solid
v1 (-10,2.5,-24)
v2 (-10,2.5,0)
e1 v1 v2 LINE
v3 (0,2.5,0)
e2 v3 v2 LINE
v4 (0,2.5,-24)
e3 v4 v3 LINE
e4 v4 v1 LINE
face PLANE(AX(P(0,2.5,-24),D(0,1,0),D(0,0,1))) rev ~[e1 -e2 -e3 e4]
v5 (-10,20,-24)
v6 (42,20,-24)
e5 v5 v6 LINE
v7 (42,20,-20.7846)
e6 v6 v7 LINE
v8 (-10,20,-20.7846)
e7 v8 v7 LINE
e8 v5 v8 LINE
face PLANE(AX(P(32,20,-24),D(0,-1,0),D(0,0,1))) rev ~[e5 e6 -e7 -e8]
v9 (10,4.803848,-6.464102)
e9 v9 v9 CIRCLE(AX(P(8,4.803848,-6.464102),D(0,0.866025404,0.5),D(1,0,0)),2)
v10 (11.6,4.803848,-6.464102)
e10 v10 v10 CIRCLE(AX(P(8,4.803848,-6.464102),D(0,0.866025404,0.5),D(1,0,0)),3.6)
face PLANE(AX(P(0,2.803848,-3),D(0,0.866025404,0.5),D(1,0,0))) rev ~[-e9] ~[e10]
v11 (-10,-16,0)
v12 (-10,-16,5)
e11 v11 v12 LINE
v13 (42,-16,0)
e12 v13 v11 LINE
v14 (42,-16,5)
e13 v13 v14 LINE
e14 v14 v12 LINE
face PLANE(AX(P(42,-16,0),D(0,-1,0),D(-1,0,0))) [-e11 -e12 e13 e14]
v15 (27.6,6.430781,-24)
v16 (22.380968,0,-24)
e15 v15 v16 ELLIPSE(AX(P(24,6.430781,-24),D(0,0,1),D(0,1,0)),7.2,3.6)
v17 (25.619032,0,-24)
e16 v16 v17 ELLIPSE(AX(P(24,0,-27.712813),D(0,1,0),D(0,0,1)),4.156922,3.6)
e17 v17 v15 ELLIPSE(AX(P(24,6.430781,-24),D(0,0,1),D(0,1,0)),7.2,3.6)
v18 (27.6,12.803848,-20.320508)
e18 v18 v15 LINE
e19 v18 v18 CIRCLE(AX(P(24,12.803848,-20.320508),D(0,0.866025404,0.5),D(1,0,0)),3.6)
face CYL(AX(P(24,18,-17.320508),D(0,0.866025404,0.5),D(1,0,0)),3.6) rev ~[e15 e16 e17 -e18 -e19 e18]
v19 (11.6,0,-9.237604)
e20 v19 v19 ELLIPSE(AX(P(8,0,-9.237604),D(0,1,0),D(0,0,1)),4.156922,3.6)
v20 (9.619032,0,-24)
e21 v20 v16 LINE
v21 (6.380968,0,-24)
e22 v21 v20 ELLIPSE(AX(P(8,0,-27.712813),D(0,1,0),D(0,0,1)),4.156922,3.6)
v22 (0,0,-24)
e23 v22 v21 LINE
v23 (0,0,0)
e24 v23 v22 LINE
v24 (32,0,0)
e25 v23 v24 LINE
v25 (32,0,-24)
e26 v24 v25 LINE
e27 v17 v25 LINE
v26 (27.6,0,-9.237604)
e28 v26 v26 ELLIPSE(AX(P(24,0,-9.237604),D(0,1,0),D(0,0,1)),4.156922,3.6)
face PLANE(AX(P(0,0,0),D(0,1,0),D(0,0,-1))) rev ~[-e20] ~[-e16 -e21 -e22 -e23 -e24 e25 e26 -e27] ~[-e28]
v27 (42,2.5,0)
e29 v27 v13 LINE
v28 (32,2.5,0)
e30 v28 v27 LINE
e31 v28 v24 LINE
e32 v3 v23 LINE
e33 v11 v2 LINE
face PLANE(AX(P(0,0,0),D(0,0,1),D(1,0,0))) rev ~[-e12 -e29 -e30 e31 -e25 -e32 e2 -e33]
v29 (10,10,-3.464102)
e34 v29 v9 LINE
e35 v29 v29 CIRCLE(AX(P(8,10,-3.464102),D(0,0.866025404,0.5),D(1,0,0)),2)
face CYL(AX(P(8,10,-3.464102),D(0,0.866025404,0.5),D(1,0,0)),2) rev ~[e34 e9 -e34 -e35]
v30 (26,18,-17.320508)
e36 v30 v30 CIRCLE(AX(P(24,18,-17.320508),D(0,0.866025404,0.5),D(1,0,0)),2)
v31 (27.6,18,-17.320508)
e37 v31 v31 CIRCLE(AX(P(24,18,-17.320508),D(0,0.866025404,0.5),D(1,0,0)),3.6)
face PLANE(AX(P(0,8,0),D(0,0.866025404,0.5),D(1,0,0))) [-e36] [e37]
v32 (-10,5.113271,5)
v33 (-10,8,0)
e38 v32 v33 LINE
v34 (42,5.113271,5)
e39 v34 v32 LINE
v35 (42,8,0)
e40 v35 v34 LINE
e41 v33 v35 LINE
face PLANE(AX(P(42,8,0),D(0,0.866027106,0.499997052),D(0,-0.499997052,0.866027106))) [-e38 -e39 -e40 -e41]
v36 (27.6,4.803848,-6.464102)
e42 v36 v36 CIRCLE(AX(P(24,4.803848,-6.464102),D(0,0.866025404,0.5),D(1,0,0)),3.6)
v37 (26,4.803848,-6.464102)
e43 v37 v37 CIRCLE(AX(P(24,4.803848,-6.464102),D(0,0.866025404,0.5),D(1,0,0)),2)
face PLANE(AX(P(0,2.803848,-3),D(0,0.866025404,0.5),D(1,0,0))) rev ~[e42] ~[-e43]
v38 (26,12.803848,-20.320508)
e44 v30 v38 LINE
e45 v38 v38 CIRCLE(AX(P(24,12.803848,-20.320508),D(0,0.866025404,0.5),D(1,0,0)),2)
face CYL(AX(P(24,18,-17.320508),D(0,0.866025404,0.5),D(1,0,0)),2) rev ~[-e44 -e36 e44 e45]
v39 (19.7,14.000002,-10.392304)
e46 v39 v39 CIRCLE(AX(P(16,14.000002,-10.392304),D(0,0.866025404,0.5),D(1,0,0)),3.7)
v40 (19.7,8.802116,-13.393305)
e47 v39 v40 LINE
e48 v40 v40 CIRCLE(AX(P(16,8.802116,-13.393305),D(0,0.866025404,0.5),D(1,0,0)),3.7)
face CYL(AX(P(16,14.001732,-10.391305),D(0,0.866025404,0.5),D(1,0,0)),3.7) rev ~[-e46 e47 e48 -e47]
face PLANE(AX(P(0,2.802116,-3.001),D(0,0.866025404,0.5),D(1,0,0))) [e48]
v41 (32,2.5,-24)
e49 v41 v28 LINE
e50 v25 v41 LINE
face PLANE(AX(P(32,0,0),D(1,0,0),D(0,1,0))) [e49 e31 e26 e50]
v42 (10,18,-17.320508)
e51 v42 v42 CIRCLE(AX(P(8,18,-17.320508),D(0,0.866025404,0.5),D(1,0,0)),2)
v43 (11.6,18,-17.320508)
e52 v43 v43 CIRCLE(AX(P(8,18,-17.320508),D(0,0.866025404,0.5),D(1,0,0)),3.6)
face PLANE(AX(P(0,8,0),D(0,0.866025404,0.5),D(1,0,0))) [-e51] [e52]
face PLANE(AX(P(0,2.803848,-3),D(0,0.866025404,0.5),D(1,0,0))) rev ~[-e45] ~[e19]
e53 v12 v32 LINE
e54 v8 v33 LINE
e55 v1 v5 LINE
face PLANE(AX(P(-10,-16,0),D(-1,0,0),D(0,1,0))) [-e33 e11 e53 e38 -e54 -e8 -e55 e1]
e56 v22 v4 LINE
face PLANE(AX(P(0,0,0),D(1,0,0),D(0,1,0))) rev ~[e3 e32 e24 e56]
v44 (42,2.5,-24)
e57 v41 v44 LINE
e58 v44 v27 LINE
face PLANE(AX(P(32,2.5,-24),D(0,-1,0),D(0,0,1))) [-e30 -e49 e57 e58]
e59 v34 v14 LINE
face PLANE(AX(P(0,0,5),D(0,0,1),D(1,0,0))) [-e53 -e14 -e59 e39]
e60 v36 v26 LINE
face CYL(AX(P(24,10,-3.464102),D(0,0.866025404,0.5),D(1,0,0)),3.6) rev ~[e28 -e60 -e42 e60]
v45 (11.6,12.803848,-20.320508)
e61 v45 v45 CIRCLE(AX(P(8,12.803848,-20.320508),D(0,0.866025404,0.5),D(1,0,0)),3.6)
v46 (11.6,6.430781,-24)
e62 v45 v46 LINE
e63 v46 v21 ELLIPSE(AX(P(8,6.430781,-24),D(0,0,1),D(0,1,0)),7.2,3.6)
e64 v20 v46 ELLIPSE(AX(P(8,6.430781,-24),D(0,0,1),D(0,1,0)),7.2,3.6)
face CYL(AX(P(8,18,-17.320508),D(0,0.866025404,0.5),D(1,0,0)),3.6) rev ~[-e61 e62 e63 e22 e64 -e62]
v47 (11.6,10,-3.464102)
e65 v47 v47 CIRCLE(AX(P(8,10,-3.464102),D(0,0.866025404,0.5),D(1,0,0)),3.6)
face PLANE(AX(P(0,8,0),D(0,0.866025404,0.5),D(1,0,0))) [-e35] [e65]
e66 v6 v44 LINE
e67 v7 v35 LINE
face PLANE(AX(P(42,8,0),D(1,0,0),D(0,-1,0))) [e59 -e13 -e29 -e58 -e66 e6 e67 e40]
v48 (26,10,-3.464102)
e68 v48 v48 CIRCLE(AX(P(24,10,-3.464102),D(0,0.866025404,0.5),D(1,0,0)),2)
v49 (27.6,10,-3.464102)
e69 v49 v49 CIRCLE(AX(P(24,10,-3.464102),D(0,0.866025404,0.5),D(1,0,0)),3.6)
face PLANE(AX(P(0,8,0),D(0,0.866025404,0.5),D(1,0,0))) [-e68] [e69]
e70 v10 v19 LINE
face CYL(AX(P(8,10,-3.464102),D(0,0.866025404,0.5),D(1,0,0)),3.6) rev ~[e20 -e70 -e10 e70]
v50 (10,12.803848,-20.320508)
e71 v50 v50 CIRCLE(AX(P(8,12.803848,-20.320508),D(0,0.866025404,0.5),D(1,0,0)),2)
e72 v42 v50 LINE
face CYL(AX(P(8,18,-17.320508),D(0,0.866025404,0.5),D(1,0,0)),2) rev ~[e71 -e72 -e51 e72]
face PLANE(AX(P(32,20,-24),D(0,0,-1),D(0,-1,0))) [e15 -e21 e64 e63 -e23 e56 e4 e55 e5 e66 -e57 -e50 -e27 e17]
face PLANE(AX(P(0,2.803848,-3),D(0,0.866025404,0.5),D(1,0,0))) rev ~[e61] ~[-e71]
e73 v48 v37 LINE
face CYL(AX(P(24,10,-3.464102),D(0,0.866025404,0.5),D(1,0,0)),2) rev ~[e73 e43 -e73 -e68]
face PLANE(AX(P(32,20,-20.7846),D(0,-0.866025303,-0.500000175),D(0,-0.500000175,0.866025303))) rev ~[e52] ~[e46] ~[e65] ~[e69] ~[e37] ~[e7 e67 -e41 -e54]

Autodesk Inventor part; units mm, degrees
ref_plane "YZ Plane" through (0, 0, 0) normal (1, 0, 0) x (0, 1, 0)
ref_plane "XZ Plane" through (0, 0, 0) normal (0, 1, 0) x (-1, 0, 0)
ref_plane "XY Plane" through (0, 0, 0) normal (0, 0, 1) x (1, 0, 0)
sketch "Sketch1" plane through (0, 0, 0) normal (1, 0, 0) x (0, 1, 0)
  line L0 (0, 0) -> (0, -24)
  line L1 (0, -24) -> (20, -24)
  line L2 (20, -24) -> (20, -20.7846)
  line L3 (20, -20.7846) -> (8, 0)
  line L4 (8, 0) -> (0, 0)
  dimension "d0" = 120
  dimension "d1" = 24
  dimension "d2" = 8
  dimension "d3" = 20
extrude "Extrusion1" add sketch "Sketch1" along normal blind 32
sketch "Sketch3" plane through (0, 8, 0) normal (0, 0.866, 0.5) x (1, 0, 0)
  circle A0 centre (8, 20) radius 3.6
  circle A1 centre (24, 20) radius 3.6
  circle A2 centre (24, 4) radius 3.6
  circle A3 centre (8, 4) radius 3.6
  line L0 (0, 0) -> (32, 0) projected
  line L1 (32, 24) -> (32, 0) projected
  line L2 (0, 24) -> (32, 24) projected
  circle A4 centre (16, 12) radius 3.7
  point P0 (0, -4)
  dimension "d17" = 7.2
  dimension "d18" = 7.2
  dimension "d19" = 7.2
  dimension "d20" = 7.2
  dimension "d21" = 16
  dimension "d22" = 16
  dimension "d23" = 16
  dimension "d25" = 8
  dimension "d26" = 4
  dimension "d29" = 7.4
  dimension "d30" = 8
  dimension "d31" = 8
extrude "Extrusion2" cut sketch "Sketch3" against normal through all contours A0 | A1 | A2 | A3
extrude "Extrusion3" cut sketch "Sketch3" against normal blind 6 contours A4
sketch "Sketch4" plane through (0, 8, 0) normal (0, 0.866, 0.5) x (1, 0, 0)
  circle A0 centre (24, 20) radius 2
  circle A1 centre (8, 20) radius 2
  circle A2 centre (24, 4) radius 2
  circle A3 centre (8, 4) radius 2
  circle A4 centre (24, 20) radius 3.6 projected
  circle A5 centre (8, 20) radius 3.6 projected
  circle A6 centre (8, 4) radius 3.6 projected
  circle A7 centre (24, 4) radius 3.6 projected
  circle A8 centre (8, 20) radius 3.6
  circle A9 centre (24, 20) radius 3.6
  circle A10 centre (24, 4) radius 3.6
  circle A11 centre (8, 4) radius 3.6
  point P0 (0, -4)
  dimension "d34" = 4
  dimension "d35" = 4
  dimension "d36" = 4
  dimension "d37" = 4
  dimension "d38" = 7.2
  dimension "d39" = 7.2
  dimension "d40" = 7.2
  dimension "d41" = 7.2
extrude "Extrusion4" add sketch "Sketch4" against normal blind 6
sketch "Sketch7" plane through (0, 0, 0) normal (-1, 0, 0) x (0, 0, 1)
  line L0 (-24, 20) -> (-20.7846, 20) projected
  line L1 (-24, 20) -> (-24, 2.5)
  line L2 (-24, 0) -> (-24, 13.6308) projected
  line L3 (-24, 2.5) -> (0, 2.5)
  line L4 (-20.7846, 20) -> (0, 8) projected
  line L5 (0, 2.5) -> (0, 8)
  line L6 (0, 8) -> (-20.7846, 20)
  line L7 (-20.7846, 20) -> (-24, 20)
  point P0 (0, 0)
  dimension "d52" = 17.5
extrude "Extrusion7" add sketch "Sketch7" along normal blind 10
sketch "Sketch8" plane through (32, 0, 0) normal (1, 0, 0) x (0, 0, -1)
  line L0 (24, 20) -> (20.7846, 20) projected
  line L1 (24, 20) -> (24, 2.5)
  line L2 (24, 13.6308) -> (24, 0) projected
  line L3 (24, 2.5) -> (0, 2.5)
  line L4 (20.7846, 20) -> (0, 8) projected
  line L5 (0, 2.5) -> (0, 8)
  line L6 (0, 8) -> (20.7846, 20)
  line L7 (20.7846, 20) -> (24, 20)
  point P0 (0, 0)
  dimension "d55" = 17.5
extrude "Extrusion8" add sketch "Sketch8" along normal blind 10
sketch "Sketch9" plane through (0, 0, 0) normal (0, 0, 1) x (1, 0, 0)
  line L0 (-10, 8) -> (42, 8) projected
  line L1 (-10, 8) -> (42, 8)
  line L2 (42, 8) -> (42, -16)
  line L3 (42, -16) -> (-10, -16)
  line L4 (-10, -16) -> (-10, 8)
  point P0 (0, 0)
  dimension "d58" = 24
  dimension "d59" = 52
extrude "Extrusion9" add sketch "Sketch9" along normal blind 5
sketch "Sketch10" plane through (42, 0, 0) normal (1, 0, 0) x (0, 0, -1)
  line L0 (0, 8) -> (-8.6359, 3.0141)
  line L1 (-8.6359, 3.0141) -> (-8.6359, 11.5347)
  line L2 (-5, 8) -> (-5, -16) projected
  line L3 (-8.6359, 11.5347) -> (0, 11.5347)
  line L4 (0, 11.5347) -> (0, 8)
  line L5 (20.7846, 20) -> (0, 8) projected
  point P0 (0, 0)
  dimension "d62" = 180
extrude "Extrusion10" cut sketch "Sketch10" against normal through all
properties part number "intakemount"
